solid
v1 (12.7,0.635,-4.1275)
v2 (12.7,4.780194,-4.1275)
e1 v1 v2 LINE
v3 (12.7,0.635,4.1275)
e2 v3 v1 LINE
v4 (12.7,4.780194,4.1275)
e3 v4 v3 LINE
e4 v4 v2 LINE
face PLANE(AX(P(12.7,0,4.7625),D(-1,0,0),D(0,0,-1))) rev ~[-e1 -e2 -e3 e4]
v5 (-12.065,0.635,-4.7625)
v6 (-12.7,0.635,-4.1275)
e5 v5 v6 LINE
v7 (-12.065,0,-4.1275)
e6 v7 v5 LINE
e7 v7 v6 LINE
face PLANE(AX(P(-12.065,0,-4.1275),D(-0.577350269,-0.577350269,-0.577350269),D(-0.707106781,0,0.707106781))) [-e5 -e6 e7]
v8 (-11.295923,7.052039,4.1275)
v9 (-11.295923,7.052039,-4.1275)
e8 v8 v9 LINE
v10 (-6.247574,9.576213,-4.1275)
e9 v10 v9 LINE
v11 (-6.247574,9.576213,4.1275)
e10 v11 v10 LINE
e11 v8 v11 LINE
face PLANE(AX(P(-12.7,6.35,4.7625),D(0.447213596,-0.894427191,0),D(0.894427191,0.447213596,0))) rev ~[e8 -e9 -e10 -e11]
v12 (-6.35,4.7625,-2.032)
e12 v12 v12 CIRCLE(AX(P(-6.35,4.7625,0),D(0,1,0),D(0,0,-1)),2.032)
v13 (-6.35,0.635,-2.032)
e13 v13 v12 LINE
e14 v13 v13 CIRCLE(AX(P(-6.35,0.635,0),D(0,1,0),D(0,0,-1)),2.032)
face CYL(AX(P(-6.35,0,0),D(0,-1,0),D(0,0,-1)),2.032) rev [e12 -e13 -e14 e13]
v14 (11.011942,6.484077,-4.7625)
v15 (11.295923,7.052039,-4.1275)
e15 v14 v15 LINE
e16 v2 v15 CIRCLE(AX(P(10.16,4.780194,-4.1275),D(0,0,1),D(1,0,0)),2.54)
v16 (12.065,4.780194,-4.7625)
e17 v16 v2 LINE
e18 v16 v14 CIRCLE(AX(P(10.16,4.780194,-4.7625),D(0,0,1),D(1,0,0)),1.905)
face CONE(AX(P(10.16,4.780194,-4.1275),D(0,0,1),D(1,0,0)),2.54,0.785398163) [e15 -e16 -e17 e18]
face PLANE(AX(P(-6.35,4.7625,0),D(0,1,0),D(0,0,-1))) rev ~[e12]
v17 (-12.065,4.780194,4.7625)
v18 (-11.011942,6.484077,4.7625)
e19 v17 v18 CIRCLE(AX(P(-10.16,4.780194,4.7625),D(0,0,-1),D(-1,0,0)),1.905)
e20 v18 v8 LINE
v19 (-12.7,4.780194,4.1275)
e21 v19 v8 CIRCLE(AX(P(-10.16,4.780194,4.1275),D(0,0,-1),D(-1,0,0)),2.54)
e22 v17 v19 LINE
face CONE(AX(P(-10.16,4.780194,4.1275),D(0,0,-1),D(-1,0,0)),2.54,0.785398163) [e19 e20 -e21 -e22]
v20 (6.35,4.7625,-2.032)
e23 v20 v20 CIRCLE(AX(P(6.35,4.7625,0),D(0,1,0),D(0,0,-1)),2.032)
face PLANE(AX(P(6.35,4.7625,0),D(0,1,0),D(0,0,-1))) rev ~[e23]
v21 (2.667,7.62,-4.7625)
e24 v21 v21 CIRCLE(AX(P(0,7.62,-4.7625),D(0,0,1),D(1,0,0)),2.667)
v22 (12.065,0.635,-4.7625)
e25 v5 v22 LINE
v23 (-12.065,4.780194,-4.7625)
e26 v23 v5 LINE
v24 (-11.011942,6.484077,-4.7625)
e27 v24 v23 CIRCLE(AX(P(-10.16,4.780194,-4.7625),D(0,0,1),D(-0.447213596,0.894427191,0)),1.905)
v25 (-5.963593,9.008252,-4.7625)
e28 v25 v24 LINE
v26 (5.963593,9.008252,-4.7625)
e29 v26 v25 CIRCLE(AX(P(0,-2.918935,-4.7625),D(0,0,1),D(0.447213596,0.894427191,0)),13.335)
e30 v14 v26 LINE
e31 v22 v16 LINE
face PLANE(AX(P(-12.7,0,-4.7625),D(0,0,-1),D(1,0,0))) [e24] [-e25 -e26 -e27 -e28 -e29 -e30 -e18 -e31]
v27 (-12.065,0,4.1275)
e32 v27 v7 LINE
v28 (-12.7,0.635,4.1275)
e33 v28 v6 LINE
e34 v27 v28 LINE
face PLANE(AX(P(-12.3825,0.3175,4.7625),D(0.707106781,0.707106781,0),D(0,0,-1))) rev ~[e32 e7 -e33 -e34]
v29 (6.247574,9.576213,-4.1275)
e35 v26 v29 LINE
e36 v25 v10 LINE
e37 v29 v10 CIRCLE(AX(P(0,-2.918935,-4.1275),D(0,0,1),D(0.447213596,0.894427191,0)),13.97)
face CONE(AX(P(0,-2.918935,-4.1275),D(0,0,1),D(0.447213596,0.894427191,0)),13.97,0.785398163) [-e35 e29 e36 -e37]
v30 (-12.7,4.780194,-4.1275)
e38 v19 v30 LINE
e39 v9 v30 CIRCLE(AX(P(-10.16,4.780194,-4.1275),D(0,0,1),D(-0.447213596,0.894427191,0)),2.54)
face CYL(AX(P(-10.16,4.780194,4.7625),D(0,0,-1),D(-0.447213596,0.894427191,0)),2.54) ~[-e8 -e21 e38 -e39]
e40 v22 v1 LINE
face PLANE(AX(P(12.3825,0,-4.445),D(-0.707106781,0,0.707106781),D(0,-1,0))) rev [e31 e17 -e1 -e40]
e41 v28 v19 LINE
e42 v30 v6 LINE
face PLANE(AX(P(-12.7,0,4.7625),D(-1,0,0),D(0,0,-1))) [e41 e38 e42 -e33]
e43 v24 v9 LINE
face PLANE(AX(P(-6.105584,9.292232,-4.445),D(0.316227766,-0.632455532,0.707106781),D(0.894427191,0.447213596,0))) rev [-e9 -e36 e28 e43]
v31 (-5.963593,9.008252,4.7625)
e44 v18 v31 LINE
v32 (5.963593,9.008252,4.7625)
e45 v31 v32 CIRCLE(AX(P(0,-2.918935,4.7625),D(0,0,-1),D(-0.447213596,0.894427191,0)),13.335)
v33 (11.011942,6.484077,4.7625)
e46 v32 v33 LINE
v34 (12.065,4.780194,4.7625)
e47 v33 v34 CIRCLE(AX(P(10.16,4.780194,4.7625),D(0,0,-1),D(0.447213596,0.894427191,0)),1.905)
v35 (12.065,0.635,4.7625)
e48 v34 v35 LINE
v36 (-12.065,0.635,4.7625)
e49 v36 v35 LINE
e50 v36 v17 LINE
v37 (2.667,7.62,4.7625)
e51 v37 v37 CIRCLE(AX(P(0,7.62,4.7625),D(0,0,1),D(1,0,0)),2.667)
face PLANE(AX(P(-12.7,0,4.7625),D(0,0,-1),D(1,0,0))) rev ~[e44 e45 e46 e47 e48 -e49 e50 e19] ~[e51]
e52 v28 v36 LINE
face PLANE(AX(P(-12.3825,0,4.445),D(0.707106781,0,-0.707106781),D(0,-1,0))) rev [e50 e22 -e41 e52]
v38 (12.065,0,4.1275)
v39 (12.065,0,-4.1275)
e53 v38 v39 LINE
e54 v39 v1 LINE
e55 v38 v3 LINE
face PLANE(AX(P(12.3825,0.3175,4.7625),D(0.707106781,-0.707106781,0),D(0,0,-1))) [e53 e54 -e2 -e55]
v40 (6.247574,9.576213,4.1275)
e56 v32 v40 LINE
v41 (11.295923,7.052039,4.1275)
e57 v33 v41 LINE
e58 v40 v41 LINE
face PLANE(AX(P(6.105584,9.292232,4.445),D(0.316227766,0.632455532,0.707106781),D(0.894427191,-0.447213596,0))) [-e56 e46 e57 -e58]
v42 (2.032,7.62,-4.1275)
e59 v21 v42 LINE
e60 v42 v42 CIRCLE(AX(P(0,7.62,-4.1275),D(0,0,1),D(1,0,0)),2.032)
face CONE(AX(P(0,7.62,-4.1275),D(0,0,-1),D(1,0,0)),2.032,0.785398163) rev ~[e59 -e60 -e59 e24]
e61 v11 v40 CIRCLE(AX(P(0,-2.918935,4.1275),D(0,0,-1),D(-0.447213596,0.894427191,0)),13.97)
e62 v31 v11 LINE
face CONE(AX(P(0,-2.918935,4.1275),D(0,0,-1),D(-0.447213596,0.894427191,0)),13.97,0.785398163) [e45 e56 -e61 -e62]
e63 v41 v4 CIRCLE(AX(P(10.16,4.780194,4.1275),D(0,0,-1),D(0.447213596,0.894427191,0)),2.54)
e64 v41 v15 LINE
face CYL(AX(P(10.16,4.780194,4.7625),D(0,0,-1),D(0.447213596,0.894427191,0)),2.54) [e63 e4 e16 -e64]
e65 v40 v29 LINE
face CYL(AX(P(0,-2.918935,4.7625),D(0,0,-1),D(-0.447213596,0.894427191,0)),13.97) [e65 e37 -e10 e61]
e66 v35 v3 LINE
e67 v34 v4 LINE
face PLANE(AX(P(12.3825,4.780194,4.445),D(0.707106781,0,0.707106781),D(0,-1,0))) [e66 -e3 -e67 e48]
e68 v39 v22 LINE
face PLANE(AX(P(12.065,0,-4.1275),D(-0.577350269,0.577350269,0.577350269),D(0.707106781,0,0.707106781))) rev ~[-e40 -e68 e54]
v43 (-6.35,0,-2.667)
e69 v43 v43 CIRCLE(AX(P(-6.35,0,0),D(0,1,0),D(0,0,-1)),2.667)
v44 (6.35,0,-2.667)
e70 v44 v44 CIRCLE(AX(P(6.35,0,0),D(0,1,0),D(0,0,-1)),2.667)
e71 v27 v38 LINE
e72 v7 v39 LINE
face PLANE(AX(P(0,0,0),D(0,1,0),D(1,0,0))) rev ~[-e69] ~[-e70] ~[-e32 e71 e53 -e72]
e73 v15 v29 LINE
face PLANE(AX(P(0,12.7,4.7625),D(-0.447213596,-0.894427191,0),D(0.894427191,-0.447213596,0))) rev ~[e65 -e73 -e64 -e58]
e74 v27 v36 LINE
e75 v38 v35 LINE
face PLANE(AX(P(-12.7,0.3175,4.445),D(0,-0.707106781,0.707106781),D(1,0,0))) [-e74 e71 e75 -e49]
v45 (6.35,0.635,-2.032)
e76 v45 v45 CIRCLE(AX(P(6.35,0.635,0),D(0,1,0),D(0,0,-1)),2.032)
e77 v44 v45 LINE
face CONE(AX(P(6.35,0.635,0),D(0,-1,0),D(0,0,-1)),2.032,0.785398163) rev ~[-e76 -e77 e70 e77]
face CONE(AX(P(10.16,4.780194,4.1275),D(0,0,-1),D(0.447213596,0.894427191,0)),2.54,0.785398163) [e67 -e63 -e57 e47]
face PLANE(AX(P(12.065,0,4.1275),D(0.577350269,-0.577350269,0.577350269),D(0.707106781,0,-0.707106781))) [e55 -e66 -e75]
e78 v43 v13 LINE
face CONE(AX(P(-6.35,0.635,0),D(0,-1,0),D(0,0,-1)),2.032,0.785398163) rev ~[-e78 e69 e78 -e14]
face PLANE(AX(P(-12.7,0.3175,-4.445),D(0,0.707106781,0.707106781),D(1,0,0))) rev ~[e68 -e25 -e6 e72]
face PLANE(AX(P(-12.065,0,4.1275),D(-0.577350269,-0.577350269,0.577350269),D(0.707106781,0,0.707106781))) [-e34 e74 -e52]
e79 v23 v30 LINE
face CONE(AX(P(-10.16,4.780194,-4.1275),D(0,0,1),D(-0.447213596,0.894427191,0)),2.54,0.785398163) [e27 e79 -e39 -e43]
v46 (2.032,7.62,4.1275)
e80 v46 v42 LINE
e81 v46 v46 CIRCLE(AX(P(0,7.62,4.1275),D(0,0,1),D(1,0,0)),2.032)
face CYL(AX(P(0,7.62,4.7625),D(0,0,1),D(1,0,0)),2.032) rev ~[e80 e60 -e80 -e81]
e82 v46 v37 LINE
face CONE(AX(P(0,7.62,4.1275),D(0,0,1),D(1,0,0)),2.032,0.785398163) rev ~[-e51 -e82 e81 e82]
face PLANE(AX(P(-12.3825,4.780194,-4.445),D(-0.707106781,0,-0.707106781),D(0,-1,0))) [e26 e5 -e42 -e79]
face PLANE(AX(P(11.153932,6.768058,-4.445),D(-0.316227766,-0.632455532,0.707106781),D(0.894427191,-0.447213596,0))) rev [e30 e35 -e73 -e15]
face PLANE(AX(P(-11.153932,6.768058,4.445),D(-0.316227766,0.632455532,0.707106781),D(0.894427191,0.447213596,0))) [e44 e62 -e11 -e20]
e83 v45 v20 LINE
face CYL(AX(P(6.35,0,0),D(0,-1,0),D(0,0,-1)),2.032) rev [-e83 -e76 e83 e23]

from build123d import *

# Parameters (mm, degrees)
SKETCH1_W           = 25.4
SKETCH1_H           = 9.525
BOSS_EXTRUDE1_DEPTH = 12.7
SKETCH1_3_R         = 2.032
CUT_EXTRUDE1_DEPTH  = 4.7625
SKETCH3_R           = 2.032
CUT_EXTRUDE2_DEPTH  = 21.329919454
FILLET1_R           = 13.97
FILLET2_R           = 2.54
CHAMFER1_SIZE       = 0.635
CHAMFER2_SIZE       = 0.635
CHAMFER3_SIZE       = 0.635


with BuildPart() as part:
    # Sketch1 → Boss-Extrude1 (new body)
    with BuildSketch(Plane(origin=(0, 0, 0), x_dir=(1, 0, 0), z_dir=(0, 1, 0))):
        Rectangle(SKETCH1_W, SKETCH1_H)
    extrude(amount=BOSS_EXTRUDE1_DEPTH)

    # Sketch1<3> → Cut-Extrude1 (cut)
    with BuildSketch(Plane(origin=(0, 0, 0), x_dir=(1, 0, 0), z_dir=(0, 1, 0))):
        with Locations(Location((-6.35, 0, 0), (0, 0, 90))):
            Circle(SKETCH1_3_R)
        with Locations(Location((6.35, 0, 0), (0, 0, 90))):
            Circle(SKETCH1_3_R)
    extrude(amount=CUT_EXTRUDE1_DEPTH, mode=Mode.SUBTRACT)

    # Sketch3 → Cut-Extrude2 (cut, through all)
    with BuildSketch(Plane.XY.offset(4.7625)):
        Polygon((-12.7, 12.7), (-12.7, 6.35), (0, 12.7), align=None)
        Polygon((12.7, 12.7), (0, 12.7), (12.7, 6.35), align=None)
        with Locations((0, 7.62)):
            Circle(SKETCH3_R)
    extrude(amount=-CUT_EXTRUDE2_DEPTH, mode=Mode.SUBTRACT)

    # Fillet1
    fillet1_edges = [part.edges().sort_by_distance(p)[0] for p in [
        (0, 12.7, 0),
    ]]
    fillet(fillet1_edges, radius=FILLET1_R)

    # Fillet2
    fillet2_edges = [part.edges().sort_by_distance(p)[0] for p in [
        (-12.7, 6.35, 0),
        (12.7, 6.35, 0),
    ]]
    fillet(fillet2_edges, radius=FILLET2_R)

    # Chamfer1
    chamfer1_edges = [part.edges().sort_by_distance(p)[0] for p in [
        (-2.032, 7.62, -4.7625),
        (-2.032, 7.62, 4.7625),
    ]]
    chamfer(chamfer1_edges, length=CHAMFER1_SIZE)

    # Chamfer2
    chamfer2_edges = [part.edges().sort_by_distance(p)[0] for p in [
        (-6.35, 0, 2.032),
        (6.35, 0, 2.032),
    ]]
    chamfer(chamfer2_edges, length=CHAMFER2_SIZE)

    # Chamfer3
    chamfer3_edges = [part.edges().sort_by_distance(p)[0] for p in [
        (8.771748231, 8.314125885, 4.7625),
        (8.771748231, 8.314125885, -4.7625),
        (0, 0, -4.7625),
        (0, 11.051065177, 4.7625),
        (0, 11.051065177, -4.7625),
        (-12.7, 0, 0),
        (12.7, 2.390096834, -4.7625),
        (12.7, 2.390096834, 4.7625),
        (-8.771748231, 8.314125885, 4.7625),
        (-12.7, 2.390096834, 4.7625),
        (-12.320653053, 6.115550693, 4.7625),
        (0, 0, 4.7625),
        (12.320653053, 6.115550693, 4.7625),
        (-8.771748231, 8.314125885, -4.7625),
        (-12.7, 2.390096834, -4.7625),
        (-12.320653053, 6.115550693, -4.7625),
        (12.320653053, 6.115550693, -4.7625),
        (12.7, 0, 0),
    ]]
    chamfer(chamfer3_edges, length=CHAMFER3_SIZE)


solid = part.part
